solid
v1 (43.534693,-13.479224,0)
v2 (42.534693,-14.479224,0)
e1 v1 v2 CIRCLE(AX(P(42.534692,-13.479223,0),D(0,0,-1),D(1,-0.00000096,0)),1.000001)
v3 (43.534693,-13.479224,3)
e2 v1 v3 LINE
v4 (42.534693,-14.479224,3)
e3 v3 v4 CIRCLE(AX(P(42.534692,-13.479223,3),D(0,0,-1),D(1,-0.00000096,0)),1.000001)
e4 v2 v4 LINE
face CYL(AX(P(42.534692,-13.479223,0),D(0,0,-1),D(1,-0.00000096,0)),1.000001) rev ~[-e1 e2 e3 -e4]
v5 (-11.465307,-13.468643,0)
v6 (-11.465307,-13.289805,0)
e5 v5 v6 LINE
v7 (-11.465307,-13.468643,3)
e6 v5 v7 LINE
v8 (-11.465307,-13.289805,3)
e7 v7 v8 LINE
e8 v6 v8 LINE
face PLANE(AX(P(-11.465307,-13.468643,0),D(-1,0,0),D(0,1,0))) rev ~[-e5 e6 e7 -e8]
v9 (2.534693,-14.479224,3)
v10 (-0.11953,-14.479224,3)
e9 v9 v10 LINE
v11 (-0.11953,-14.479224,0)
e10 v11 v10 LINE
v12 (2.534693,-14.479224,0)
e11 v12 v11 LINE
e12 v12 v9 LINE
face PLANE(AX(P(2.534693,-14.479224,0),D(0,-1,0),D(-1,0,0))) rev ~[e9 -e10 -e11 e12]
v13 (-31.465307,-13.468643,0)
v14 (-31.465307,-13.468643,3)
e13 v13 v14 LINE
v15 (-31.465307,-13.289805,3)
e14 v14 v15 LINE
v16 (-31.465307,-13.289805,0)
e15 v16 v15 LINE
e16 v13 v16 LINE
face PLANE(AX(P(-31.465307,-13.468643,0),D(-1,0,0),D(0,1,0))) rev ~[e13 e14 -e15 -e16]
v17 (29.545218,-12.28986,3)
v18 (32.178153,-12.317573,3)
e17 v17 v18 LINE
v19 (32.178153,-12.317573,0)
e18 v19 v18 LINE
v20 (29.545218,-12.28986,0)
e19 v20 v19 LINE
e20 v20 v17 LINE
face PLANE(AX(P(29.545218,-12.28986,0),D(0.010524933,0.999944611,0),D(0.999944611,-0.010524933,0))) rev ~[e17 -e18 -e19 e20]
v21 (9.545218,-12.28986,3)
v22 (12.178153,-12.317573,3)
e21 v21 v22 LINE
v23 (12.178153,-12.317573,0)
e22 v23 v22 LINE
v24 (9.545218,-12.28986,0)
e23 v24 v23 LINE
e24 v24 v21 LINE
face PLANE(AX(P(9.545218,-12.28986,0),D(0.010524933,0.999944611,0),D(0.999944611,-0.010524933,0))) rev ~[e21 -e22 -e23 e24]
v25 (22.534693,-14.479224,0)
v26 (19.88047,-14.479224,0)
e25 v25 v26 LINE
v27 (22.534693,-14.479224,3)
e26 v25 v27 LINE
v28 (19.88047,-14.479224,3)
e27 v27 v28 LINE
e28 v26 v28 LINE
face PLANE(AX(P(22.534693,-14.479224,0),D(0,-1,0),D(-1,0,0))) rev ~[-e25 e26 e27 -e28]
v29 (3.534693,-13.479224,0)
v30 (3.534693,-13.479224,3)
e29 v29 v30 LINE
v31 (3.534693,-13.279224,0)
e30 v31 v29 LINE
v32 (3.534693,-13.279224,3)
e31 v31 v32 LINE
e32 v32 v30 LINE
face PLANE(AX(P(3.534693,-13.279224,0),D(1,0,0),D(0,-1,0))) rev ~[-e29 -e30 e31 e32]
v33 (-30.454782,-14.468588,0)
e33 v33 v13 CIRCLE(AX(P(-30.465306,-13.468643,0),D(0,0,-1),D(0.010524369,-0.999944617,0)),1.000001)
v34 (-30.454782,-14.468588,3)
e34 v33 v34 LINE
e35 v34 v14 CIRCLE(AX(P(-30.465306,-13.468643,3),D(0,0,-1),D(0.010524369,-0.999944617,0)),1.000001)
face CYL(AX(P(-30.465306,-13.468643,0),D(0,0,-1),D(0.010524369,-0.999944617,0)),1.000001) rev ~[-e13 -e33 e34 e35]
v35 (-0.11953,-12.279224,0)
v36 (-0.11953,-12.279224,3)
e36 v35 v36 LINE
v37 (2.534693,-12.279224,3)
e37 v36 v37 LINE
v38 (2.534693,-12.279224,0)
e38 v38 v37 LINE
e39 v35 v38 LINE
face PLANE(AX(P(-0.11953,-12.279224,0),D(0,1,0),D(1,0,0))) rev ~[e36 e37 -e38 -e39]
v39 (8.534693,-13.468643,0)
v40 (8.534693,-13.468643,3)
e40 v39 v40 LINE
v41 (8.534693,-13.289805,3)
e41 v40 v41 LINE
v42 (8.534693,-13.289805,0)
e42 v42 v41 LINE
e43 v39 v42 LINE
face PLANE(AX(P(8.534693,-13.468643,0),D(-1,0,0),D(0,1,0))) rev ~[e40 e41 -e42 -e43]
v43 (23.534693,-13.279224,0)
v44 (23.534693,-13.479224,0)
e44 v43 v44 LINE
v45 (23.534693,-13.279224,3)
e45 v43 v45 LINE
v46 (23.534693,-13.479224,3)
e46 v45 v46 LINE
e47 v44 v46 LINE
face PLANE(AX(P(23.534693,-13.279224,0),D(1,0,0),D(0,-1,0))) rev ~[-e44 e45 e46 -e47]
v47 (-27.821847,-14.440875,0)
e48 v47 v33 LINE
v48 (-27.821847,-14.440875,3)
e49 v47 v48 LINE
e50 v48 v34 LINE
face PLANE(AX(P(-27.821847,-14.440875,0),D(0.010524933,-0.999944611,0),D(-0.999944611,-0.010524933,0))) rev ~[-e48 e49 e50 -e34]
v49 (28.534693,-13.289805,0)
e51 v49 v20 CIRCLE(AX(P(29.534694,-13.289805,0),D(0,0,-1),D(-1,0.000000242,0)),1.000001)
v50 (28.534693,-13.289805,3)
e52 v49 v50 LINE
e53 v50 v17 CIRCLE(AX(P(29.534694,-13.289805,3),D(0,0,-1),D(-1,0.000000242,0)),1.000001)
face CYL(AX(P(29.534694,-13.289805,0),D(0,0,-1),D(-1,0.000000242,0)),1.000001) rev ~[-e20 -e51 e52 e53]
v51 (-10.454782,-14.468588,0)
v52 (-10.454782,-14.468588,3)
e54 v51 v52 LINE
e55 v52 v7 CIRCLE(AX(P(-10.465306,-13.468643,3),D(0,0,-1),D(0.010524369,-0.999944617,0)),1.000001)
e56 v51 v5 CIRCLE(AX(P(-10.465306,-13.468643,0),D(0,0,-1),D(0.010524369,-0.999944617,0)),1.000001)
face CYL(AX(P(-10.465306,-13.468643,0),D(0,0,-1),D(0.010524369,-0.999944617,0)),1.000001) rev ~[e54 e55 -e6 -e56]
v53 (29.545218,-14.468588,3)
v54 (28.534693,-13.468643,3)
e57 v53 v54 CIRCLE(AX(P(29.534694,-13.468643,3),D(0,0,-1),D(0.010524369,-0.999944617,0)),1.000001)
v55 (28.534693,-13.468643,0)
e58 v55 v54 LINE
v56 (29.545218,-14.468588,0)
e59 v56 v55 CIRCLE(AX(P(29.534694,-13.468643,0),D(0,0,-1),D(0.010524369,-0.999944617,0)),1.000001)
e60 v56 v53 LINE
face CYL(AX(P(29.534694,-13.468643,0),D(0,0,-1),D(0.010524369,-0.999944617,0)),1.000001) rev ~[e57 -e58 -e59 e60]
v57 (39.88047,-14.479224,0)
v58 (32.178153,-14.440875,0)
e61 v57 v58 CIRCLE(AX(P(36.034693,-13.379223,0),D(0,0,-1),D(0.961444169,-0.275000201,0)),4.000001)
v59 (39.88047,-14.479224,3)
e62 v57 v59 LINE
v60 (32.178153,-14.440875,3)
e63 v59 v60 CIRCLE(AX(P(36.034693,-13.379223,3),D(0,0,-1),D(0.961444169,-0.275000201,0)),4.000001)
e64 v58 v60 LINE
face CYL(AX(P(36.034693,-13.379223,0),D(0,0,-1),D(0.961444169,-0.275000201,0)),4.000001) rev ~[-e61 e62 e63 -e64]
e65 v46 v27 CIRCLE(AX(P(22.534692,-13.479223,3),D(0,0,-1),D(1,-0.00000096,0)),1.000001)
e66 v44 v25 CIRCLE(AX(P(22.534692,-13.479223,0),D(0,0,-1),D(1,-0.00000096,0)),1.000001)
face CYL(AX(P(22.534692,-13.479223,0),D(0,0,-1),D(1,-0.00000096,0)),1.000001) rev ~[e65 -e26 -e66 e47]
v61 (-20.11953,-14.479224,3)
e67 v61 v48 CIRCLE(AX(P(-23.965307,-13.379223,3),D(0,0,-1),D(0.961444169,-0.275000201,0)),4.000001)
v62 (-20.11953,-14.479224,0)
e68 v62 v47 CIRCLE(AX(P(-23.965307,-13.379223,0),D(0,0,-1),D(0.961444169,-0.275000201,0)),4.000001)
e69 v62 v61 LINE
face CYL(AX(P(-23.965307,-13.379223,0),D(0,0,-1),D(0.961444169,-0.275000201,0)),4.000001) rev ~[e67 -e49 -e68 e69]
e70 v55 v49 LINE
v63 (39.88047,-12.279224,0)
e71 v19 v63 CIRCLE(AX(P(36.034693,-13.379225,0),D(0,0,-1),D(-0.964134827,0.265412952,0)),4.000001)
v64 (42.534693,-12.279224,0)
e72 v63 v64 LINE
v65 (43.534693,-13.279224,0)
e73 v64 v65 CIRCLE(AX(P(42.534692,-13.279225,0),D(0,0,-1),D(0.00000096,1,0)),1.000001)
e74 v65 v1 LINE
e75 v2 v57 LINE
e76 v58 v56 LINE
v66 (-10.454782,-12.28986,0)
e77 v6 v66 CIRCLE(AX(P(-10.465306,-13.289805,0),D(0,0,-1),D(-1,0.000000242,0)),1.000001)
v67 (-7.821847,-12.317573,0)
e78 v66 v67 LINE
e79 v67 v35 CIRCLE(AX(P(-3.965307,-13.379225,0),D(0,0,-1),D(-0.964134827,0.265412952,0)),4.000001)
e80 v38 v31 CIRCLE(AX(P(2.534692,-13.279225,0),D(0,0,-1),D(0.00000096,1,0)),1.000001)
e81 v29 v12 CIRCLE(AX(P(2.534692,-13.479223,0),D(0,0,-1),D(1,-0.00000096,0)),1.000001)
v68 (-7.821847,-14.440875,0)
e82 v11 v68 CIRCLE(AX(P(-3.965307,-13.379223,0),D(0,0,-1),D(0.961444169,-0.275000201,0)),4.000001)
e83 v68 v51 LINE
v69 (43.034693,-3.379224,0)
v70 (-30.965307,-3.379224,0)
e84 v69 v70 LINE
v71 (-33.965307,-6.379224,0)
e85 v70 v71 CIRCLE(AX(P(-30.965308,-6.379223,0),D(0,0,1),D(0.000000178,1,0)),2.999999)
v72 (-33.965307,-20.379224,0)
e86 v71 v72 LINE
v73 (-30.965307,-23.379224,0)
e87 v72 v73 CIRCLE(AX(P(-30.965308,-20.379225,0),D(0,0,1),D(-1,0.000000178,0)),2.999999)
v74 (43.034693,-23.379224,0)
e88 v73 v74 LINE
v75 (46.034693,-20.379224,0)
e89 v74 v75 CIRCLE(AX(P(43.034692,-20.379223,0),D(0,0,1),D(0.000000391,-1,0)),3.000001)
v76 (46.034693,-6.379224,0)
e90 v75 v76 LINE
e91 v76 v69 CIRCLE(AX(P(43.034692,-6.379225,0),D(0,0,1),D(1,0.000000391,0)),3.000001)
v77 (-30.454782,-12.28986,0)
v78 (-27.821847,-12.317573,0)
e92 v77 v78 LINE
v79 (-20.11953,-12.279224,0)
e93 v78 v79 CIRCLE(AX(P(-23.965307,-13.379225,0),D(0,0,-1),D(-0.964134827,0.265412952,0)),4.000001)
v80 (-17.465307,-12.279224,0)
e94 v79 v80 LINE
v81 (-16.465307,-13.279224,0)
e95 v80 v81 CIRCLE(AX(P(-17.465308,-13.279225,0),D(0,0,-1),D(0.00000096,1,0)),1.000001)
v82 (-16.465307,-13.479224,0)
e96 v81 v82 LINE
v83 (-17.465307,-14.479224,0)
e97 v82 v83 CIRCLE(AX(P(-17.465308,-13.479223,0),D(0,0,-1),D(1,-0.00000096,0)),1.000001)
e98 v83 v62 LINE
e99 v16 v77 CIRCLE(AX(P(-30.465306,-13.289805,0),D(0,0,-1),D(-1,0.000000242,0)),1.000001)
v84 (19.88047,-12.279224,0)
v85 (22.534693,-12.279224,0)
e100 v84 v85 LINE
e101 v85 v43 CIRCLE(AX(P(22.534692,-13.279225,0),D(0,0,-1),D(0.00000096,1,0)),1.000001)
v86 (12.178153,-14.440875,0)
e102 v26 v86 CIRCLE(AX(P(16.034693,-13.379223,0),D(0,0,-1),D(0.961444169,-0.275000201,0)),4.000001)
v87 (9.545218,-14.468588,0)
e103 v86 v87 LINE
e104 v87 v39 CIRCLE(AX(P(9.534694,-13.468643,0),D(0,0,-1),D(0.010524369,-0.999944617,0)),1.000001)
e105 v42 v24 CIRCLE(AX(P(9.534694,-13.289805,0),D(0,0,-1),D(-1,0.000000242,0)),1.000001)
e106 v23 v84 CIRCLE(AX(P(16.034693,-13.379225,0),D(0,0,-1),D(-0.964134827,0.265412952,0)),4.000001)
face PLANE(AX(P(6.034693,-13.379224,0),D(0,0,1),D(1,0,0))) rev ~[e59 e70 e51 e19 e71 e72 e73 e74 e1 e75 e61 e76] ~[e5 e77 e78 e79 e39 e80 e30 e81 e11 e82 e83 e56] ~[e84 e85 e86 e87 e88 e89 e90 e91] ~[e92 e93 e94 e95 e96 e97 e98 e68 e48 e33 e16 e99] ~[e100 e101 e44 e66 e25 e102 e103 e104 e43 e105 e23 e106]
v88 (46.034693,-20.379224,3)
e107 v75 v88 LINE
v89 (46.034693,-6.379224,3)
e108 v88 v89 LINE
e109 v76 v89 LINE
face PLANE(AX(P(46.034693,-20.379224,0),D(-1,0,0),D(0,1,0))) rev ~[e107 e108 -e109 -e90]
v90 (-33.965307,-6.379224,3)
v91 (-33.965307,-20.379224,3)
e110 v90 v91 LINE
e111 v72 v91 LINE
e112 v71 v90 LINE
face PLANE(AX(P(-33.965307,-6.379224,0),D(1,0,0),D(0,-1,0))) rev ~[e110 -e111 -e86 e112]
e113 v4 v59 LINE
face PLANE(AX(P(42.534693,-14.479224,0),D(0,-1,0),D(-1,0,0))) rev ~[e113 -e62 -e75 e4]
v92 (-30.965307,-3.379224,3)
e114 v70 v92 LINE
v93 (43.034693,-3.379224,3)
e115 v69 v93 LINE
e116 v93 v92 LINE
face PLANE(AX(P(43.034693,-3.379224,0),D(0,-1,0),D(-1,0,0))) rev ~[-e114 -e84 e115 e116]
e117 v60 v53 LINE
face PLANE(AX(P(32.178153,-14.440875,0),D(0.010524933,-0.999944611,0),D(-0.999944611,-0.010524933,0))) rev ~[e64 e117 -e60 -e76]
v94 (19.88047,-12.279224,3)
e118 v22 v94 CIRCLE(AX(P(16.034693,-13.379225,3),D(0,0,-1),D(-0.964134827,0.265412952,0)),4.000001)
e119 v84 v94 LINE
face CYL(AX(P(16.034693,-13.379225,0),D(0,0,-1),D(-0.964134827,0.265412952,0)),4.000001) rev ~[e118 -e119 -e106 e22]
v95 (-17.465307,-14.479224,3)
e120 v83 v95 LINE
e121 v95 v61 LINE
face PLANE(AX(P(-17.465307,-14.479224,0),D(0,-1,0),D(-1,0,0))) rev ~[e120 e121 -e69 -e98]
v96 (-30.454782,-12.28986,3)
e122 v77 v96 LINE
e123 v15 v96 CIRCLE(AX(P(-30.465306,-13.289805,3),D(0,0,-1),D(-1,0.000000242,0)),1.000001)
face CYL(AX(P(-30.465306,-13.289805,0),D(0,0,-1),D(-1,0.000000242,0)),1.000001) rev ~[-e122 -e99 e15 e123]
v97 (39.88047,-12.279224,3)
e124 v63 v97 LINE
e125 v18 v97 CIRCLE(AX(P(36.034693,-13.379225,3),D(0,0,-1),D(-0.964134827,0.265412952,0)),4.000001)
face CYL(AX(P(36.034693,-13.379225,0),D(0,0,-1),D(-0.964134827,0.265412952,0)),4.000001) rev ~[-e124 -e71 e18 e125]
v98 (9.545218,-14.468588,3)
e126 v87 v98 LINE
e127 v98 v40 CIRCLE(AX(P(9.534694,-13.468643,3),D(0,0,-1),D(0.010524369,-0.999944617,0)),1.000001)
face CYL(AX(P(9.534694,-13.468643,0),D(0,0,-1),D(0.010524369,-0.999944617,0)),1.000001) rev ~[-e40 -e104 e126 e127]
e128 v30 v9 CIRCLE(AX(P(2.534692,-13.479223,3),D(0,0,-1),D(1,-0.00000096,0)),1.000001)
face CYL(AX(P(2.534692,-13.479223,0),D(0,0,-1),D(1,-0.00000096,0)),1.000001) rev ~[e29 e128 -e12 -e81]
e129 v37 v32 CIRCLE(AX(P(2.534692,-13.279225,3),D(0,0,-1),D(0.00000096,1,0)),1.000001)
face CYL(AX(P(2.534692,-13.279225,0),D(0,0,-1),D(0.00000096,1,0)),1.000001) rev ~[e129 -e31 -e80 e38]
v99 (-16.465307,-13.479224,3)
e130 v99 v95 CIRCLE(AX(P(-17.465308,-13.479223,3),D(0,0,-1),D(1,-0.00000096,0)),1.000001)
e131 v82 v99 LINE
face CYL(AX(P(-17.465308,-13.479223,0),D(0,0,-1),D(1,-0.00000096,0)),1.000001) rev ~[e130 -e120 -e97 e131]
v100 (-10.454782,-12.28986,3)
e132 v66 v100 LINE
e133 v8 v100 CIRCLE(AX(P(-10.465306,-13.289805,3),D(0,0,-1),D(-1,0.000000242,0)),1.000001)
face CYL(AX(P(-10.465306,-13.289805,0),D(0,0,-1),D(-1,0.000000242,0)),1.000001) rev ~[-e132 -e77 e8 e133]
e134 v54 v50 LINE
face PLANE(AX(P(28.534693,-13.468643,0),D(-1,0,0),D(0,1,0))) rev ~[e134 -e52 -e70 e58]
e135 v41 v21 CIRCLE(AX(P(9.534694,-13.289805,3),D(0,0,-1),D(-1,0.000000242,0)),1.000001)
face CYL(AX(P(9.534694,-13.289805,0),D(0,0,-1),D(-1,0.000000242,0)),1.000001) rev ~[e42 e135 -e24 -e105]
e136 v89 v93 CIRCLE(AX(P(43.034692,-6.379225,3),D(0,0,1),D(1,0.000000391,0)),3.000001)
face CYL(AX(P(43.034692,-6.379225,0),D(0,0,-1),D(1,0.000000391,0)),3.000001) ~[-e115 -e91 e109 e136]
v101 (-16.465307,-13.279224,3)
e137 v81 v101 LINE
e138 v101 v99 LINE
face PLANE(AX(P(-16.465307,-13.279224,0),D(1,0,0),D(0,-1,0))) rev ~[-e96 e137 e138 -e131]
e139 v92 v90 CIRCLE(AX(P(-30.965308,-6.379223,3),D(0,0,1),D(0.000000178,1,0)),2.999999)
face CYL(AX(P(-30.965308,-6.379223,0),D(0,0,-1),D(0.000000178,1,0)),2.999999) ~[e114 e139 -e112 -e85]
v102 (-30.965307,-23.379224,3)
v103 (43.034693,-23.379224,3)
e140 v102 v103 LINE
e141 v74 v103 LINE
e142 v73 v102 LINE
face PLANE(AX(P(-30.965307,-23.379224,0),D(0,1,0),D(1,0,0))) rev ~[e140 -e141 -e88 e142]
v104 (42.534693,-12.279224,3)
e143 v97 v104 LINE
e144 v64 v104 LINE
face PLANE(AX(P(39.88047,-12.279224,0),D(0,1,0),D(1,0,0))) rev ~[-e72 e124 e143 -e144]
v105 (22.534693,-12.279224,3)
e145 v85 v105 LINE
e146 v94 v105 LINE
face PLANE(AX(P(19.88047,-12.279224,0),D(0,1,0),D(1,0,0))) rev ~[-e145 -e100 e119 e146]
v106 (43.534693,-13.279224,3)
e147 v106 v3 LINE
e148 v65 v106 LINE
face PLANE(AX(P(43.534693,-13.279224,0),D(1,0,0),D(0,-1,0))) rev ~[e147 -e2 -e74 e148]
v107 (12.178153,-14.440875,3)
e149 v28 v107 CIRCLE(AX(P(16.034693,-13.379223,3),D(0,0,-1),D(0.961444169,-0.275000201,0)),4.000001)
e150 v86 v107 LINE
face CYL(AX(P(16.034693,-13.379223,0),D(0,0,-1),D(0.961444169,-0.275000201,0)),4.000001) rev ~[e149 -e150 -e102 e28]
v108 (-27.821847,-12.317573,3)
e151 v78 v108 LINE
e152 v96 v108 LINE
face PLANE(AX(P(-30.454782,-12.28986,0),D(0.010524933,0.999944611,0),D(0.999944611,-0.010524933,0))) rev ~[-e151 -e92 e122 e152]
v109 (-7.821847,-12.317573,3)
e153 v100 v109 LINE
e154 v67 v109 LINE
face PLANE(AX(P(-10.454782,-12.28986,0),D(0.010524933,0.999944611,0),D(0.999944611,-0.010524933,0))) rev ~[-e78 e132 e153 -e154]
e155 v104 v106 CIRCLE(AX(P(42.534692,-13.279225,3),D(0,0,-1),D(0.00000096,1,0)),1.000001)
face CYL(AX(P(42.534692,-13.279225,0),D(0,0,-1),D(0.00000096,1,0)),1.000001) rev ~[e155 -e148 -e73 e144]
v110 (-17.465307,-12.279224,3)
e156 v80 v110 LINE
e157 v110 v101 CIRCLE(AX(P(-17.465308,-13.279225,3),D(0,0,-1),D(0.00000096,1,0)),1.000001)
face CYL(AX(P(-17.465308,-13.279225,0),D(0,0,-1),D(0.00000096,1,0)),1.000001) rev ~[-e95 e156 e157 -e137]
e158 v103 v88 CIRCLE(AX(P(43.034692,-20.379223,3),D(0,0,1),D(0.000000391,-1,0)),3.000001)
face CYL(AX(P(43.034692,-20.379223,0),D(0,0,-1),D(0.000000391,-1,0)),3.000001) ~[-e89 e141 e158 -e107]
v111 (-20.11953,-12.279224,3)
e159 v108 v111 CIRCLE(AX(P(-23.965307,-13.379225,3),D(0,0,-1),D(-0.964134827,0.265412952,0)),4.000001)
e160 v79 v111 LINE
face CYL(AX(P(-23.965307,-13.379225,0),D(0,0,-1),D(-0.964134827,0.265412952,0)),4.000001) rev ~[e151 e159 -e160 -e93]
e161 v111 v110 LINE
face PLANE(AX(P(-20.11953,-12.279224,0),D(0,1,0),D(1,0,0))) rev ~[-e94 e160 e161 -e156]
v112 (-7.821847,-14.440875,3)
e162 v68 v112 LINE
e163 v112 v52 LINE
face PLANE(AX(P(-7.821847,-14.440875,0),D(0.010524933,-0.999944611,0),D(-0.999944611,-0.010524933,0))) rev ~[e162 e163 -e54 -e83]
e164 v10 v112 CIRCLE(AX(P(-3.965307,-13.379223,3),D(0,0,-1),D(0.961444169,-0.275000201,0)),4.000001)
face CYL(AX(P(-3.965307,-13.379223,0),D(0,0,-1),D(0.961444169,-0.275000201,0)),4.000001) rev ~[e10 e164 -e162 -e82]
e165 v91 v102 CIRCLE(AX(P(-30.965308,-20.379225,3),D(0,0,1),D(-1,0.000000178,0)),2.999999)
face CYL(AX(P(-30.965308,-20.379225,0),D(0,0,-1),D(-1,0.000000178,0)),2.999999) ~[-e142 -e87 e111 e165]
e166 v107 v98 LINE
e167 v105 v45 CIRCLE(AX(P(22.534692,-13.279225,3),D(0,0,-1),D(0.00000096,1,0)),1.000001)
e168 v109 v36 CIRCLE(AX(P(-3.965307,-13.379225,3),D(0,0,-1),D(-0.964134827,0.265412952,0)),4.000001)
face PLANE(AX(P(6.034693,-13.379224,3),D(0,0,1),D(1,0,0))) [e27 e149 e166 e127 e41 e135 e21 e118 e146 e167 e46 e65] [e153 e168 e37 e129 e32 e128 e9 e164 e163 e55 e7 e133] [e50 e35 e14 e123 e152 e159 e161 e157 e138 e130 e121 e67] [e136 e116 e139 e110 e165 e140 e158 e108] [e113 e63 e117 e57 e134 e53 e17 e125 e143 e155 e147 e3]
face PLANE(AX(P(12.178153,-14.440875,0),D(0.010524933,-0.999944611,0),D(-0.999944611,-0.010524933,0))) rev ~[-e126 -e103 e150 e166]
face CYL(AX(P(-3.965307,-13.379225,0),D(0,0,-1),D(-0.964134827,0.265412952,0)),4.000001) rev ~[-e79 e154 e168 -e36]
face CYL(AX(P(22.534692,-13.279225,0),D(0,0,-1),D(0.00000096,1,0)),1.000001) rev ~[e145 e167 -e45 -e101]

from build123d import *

# Parameters (mm, degrees)
F1_DEPTH = 3


with BuildPart() as f1:
    # F0 (on Top) → F1 (new body)
    with BuildSketch(Plane.XY):
        with BuildLine():
            Line((43.034693, -3.379224), (-30.965307, -3.379224))
            ThreePointArc((-30.965307, -3.379224), (-33.086628, -4.257904), (-33.965307, -6.379224))
            Line((-33.965307, -6.379224), (-33.965307, -20.379224))
            ThreePointArc((-33.965307, -20.379224), (-33.086628, -22.500544), (-30.965307, -23.379224))
            Line((-30.965307, -23.379224), (43.034693, -23.379224))
            ThreePointArc((43.034693, -23.379224), (45.156013, -22.500544), (46.034693, -20.379224))
            Line((46.034693, -20.379224), (46.034693, -6.379224))
            ThreePointArc((46.034693, -6.379224), (45.156013, -4.257904), (43.034693, -3.379224))
        make_face()
        with BuildLine():
            ThreePointArc((-27.821847, -12.317573), (-23.985223, -9.379274), (-20.11953, -12.279224))
            Line((-20.11953, -12.279224), (-17.465307, -12.279224))
            ThreePointArc((-17.465307, -12.279224), (-16.758201, -12.572117), (-16.465307, -13.279224))
            Line((-16.465307, -13.279224), (-16.465307, -13.479224))
            ThreePointArc((-16.465307, -13.479224), (-16.758201, -14.186331), (-17.465307, -14.479224))
            Line((-17.465307, -14.479224), (-20.11953, -14.479224))
            ThreePointArc((-20.11953, -14.479224), (-23.985223, -17.379174), (-27.821847, -14.440875))
            Line((-27.821847, -14.440875), (-30.454782, -14.468588))
            ThreePointArc((-30.454782, -14.468588), (-31.168683, -14.179461), (-31.465307, -13.468643))
            Line((-31.465307, -13.468643), (-31.465307, -13.289805))
            ThreePointArc((-31.465307, -13.289805), (-31.168683, -12.578987), (-30.454782, -12.28986))
            Line((-30.454782, -12.28986), (-27.821847, -12.317573))
        make_face(mode=Mode.SUBTRACT)
        with BuildLine():
            Line((-10.454782, -12.28986), (-7.821847, -12.317573))
            ThreePointArc((-7.821847, -12.317573), (-3.985223, -9.379274), (-0.11953, -12.279224))
            Line((-0.11953, -12.279224), (2.534693, -12.279224))
            ThreePointArc((2.534693, -12.279224), (3.241799, -12.572117), (3.534693, -13.279224))
            Line((3.534693, -13.279224), (3.534693, -13.479224))
            ThreePointArc((3.534693, -13.479224), (3.241799, -14.186331), (2.534693, -14.479224))
            Line((2.534693, -14.479224), (-0.11953, -14.479224))
            ThreePointArc((-0.11953, -14.479224), (-3.985223, -17.379174), (-7.821847, -14.440875))
            Line((-7.821847, -14.440875), (-10.454782, -14.468588))
            ThreePointArc((-10.454782, -14.468588), (-11.168683, -14.179461), (-11.465307, -13.468643))
            Line((-11.465307, -13.468643), (-11.465307, -13.289805))
            ThreePointArc((-11.465307, -13.289805), (-11.168683, -12.578987), (-10.454782, -12.28986))
        make_face(mode=Mode.SUBTRACT)
        with BuildLine():
            Line((9.545218, -12.28986), (12.178153, -12.317573))
            ThreePointArc((12.178153, -12.317573), (16.014777, -9.379274), (19.88047, -12.279224))
            Line((19.88047, -12.279224), (22.534693, -12.279224))
            ThreePointArc((22.534693, -12.279224), (23.241799, -12.572117), (23.534693, -13.279224))
            Line((23.534693, -13.279224), (23.534693, -13.479224))
            ThreePointArc((23.534693, -13.479224), (23.241799, -14.186331), (22.534693, -14.479224))
            Line((22.534693, -14.479224), (19.88047, -14.479224))
            ThreePointArc((19.88047, -14.479224), (16.014777, -17.379174), (12.178153, -14.440875))
            Line((12.178153, -14.440875), (9.545218, -14.468588))
            ThreePointArc((9.545218, -14.468588), (8.831317, -14.179461), (8.534693, -13.468643))
            Line((8.534693, -13.468643), (8.534693, -13.289805))
            ThreePointArc((8.534693, -13.289805), (8.831317, -12.578987), (9.545218, -12.28986))
        make_face(mode=Mode.SUBTRACT)
        with BuildLine():
            Line((29.545218, -12.28986), (32.178153, -12.317573))
            ThreePointArc((32.178153, -12.317573), (36.014777, -9.379274), (39.88047, -12.279224))
            Line((39.88047, -12.279224), (42.534693, -12.279224))
            ThreePointArc((42.534693, -12.279224), (43.241799, -12.572117), (43.534693, -13.279224))
            Line((43.534693, -13.279224), (43.534693, -13.479224))
            ThreePointArc((43.534693, -13.479224), (43.241799, -14.186331), (42.534693, -14.479224))
            Line((42.534693, -14.479224), (39.88047, -14.479224))
            ThreePointArc((39.88047, -14.479224), (36.014777, -17.379174), (32.178153, -14.440875))
            Line((32.178153, -14.440875), (29.545218, -14.468588))
            ThreePointArc((29.545218, -14.468588), (28.831317, -14.179461), (28.534693, -13.468643))
            Line((28.534693, -13.468643), (28.534693, -13.289805))
            ThreePointArc((28.534693, -13.289805), (28.831317, -12.578987), (29.545218, -12.28986))
        make_face(mode=Mode.SUBTRACT)
    extrude(amount=F1_DEPTH)


solid = f1.part
